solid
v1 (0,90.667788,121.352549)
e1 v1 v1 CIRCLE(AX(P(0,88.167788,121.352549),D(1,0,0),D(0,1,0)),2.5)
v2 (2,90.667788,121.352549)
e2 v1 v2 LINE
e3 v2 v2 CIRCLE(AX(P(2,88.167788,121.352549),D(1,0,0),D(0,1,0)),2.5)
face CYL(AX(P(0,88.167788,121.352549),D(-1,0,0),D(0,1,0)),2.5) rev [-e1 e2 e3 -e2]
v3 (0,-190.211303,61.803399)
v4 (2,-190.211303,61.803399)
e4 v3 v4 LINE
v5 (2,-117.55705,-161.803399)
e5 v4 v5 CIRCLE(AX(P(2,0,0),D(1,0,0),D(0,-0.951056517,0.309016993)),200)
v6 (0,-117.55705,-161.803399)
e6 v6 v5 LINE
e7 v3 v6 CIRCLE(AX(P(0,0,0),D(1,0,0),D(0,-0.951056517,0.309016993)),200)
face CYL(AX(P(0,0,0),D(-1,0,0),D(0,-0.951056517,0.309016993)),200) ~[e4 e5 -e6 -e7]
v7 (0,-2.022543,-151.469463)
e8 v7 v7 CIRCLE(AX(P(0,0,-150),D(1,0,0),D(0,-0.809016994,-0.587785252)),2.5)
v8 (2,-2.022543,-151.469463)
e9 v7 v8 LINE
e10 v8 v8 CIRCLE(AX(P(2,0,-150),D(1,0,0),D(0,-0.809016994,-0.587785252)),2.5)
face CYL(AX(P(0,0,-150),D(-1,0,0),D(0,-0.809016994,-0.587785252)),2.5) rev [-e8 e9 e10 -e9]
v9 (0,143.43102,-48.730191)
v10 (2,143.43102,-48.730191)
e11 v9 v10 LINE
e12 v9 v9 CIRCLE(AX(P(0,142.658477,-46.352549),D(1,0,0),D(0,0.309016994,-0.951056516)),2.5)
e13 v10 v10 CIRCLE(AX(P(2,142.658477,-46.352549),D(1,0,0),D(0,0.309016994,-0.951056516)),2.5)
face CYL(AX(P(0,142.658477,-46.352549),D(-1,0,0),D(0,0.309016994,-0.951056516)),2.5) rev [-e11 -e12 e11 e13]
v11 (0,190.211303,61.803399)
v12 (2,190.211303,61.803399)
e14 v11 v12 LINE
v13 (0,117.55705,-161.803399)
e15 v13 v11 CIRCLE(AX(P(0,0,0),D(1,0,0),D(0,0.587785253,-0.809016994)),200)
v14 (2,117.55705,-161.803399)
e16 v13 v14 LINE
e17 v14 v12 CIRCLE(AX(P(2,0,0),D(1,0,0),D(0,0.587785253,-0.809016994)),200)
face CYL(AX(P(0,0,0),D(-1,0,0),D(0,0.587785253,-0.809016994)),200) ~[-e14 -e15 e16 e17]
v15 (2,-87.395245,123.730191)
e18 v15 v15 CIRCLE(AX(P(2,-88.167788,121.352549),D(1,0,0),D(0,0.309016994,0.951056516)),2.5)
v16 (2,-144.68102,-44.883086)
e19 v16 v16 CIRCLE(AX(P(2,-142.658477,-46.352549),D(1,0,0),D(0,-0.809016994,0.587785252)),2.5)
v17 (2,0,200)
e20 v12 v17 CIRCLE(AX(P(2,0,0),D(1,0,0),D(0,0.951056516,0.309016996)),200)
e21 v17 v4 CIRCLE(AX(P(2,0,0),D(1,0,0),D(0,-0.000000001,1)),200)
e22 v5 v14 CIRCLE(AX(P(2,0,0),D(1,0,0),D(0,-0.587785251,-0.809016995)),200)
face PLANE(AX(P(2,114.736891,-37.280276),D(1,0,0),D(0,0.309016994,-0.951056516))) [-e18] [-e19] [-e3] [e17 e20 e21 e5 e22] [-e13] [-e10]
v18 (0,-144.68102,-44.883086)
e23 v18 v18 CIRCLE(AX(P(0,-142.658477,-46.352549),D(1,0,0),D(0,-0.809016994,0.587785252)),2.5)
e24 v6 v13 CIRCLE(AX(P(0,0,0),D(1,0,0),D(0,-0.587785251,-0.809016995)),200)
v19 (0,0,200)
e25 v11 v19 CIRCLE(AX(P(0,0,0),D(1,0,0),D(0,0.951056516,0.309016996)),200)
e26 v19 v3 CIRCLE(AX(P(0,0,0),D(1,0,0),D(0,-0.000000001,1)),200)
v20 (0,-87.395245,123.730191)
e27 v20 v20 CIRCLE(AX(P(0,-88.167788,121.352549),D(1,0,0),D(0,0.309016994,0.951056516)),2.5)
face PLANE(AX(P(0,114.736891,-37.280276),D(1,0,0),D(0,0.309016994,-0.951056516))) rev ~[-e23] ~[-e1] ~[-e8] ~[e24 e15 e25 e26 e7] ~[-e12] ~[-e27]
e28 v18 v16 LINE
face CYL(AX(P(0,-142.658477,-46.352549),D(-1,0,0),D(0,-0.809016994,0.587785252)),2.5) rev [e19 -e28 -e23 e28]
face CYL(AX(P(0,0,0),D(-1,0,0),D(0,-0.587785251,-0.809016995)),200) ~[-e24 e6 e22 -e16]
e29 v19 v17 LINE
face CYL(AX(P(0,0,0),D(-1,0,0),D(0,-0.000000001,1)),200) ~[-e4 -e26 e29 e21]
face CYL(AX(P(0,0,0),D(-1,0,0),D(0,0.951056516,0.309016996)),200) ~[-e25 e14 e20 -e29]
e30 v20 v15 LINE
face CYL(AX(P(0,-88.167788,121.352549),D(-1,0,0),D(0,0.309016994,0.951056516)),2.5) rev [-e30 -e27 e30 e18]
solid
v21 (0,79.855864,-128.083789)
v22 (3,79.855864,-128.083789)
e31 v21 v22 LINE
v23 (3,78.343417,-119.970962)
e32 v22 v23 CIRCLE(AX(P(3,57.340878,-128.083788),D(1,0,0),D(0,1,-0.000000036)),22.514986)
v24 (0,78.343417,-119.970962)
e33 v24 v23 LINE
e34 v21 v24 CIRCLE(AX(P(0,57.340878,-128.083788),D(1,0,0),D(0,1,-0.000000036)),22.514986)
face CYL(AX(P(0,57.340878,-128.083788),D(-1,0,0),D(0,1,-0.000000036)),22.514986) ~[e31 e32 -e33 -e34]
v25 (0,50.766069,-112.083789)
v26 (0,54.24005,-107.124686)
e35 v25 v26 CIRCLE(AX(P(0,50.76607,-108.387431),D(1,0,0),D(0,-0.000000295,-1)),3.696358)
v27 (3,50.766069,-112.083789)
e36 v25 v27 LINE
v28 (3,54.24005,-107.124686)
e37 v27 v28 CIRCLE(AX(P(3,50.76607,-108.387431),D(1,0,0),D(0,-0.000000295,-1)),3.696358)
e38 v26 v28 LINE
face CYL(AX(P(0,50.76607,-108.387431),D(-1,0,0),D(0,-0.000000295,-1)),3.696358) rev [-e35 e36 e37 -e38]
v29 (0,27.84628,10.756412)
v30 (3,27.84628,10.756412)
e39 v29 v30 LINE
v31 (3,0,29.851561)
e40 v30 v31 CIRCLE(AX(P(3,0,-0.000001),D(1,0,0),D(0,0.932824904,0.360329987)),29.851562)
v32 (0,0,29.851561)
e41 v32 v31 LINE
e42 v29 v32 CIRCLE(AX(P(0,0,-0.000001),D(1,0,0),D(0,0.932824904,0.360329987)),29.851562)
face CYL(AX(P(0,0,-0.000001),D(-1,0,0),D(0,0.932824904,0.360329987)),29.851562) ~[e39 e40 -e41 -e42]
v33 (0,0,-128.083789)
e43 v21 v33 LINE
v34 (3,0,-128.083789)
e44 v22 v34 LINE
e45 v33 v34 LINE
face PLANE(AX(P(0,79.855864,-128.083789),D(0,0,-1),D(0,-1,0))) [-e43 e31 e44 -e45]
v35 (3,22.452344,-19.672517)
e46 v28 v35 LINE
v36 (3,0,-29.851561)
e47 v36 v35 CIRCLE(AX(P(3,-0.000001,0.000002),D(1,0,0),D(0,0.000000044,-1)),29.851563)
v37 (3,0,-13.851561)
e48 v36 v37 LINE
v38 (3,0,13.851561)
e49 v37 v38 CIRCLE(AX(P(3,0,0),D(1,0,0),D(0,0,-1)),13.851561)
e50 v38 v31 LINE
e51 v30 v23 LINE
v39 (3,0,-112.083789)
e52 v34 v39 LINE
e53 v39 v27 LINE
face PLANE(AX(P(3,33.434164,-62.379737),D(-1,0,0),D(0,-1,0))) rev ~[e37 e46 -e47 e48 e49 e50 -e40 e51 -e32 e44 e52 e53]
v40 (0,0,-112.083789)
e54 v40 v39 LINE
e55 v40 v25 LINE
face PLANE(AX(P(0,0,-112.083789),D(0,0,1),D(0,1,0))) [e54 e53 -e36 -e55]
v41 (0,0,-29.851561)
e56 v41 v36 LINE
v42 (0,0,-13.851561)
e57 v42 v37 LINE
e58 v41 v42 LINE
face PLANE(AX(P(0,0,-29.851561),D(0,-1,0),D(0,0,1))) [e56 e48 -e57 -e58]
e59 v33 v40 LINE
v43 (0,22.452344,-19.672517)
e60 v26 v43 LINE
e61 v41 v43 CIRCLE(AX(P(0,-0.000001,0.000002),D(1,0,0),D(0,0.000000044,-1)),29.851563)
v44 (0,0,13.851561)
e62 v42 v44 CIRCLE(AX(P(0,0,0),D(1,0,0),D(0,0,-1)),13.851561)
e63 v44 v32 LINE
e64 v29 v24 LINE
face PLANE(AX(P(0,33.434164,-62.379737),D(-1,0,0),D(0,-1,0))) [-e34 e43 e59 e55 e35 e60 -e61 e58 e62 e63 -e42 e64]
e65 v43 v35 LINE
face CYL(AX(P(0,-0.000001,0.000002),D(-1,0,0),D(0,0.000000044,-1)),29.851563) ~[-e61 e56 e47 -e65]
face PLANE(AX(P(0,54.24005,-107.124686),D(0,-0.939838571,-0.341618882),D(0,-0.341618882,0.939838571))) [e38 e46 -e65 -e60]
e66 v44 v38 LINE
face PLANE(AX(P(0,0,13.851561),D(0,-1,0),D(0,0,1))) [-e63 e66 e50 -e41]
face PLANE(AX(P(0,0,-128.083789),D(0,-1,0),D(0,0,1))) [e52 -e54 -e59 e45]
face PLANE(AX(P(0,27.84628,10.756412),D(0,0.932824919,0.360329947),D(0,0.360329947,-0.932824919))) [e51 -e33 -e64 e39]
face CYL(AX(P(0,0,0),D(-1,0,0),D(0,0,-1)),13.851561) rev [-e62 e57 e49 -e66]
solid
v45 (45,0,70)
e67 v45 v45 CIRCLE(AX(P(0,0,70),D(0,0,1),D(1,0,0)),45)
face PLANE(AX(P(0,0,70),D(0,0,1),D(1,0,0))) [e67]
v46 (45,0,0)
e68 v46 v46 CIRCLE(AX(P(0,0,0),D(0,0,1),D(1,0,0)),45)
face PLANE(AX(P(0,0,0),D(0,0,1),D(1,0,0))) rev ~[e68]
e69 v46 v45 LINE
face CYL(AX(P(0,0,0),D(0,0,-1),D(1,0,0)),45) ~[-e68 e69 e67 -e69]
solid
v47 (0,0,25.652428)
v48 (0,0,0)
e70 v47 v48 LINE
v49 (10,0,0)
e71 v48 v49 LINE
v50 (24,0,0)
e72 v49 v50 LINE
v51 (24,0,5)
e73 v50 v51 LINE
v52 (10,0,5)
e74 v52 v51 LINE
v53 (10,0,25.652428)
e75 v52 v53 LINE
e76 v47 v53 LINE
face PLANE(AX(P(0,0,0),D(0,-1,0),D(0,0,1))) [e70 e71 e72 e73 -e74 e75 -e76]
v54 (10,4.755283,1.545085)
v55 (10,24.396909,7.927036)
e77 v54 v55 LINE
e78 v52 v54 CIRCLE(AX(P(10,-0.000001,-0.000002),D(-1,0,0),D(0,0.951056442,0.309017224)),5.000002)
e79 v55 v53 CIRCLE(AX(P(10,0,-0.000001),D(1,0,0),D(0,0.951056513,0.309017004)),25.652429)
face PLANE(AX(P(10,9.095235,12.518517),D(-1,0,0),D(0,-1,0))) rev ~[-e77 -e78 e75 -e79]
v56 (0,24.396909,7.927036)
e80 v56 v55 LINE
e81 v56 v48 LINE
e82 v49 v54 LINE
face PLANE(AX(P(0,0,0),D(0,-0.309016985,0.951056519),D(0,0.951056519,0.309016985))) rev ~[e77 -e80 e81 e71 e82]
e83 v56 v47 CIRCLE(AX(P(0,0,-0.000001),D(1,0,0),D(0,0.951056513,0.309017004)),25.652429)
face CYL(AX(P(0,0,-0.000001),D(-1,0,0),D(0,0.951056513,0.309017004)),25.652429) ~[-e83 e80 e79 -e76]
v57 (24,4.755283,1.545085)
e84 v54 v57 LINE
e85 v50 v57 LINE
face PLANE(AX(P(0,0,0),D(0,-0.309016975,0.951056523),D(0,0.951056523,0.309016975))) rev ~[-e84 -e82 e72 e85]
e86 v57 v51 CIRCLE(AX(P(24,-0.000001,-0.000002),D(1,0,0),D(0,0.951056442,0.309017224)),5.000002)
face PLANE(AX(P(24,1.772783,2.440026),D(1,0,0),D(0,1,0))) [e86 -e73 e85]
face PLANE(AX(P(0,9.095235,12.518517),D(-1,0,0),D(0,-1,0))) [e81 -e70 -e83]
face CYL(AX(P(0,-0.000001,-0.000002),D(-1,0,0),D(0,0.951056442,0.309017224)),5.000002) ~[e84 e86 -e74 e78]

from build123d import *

# Parameters (mm, degrees)
PAD_DEPTH          = 3
PAD001_DEPTH       = 10
PAD002_DEPTH       = 24
CYLINDER_R         = 45
CYLINDER_DEPTH     = 70
SKETCH003_R        = 2.5
PAD003_DEPTH       = 2
POLARPATTERN_COUNT = 5


with BuildPart() as body:
    # Sketch → Pad (new body)
    with BuildSketch(Plane.YZ):
        with BuildLine():
            ThreePointArc((0, -13.851561), (13.851561, 0), (0, 13.851561))
            Line((0, 13.851561), (0, 29.851561))
            ThreePointArc((27.84628, 10.756412), (16.882239, 24.619214), (0, 29.851561))
            Line((27.84628, 10.756412), (78.343417, -119.970962))
            ThreePointArc((79.855864, -128.083789), (79.474523, -123.957488), (78.343417, -119.970962))
            Line((79.855864, -128.083789), (0, -128.083789))
            Line((0, -128.083789), (0, -112.083789))
            Line((0, -112.083789), (50.766069, -112.083789))
            ThreePointArc((50.766069, -112.083789), (53.793496, -110.508222), (54.24005, -107.124686))
            Line((54.24005, -107.124686), (22.452344, -19.672517))
            ThreePointArc((0, -29.851561), (12.325996, -27.187966), (22.452344, -19.672517))
            Line((0, -29.851561), (0, -13.851561))
        make_face()
    extrude(amount=PAD_DEPTH)


with BuildPart() as body001:
    # Sketch001 → Pad001 (new body)
    with BuildSketch(Plane.YZ):
        with BuildLine():
            Line((0, 0), (0, 25.652428))
            ThreePointArc((24.396909, 7.927036), (15.078119, 20.75325), (0, 25.652428))
            Line((0, 0), (24.396909, 7.927036))
        make_face()
    extrude(amount=PAD001_DEPTH)

    # Sketch002 → Pad002 (join)
    with BuildSketch(Plane.YZ):
        with BuildLine():
            ThreePointArc((4.755283, 1.545085), (2.938926, 4.045085), (0, 5))
            Line((0, 0), (0, 5))
            Line((0, 0), (4.755283, 1.545085))
        make_face()
    extrude(amount=PAD002_DEPTH)


with BuildPart() as cylinder:
    # Cylinder → Cylinder (new body)
    with BuildSketch(Plane.XY):
        Circle(CYLINDER_R)
    extrude(amount=CYLINDER_DEPTH)


with BuildPart() as body002:
    # Sketch003 → Pad003 (new body)
    with BuildSketch(Plane.YZ):
        with BuildLine():
            ThreePointArc((190.211303, 61.803399), (117.55705, 161.803399), (0, 200))
            Line((0, 0), (0, 200))
            Line((0, 0), (190.211303, 61.803399))
        make_face()
        with Locations((88.167788, 121.352549)):
            Circle(SKETCH003_R, mode=Mode.SUBTRACT)
    pad003 = extrude(amount=PAD003_DEPTH)

    # PolarPattern: Pad003 ×5 about axis
    polarpattern_axis = Axis((0, 0, 0), (1, 0, 0))
    for i in range(1, POLARPATTERN_COUNT):
        add(pad003.rotate(polarpattern_axis, i * 360 / POLARPATTERN_COUNT))


solid = Compound([body.part, body001.part, cylinder.part, body002.part])
